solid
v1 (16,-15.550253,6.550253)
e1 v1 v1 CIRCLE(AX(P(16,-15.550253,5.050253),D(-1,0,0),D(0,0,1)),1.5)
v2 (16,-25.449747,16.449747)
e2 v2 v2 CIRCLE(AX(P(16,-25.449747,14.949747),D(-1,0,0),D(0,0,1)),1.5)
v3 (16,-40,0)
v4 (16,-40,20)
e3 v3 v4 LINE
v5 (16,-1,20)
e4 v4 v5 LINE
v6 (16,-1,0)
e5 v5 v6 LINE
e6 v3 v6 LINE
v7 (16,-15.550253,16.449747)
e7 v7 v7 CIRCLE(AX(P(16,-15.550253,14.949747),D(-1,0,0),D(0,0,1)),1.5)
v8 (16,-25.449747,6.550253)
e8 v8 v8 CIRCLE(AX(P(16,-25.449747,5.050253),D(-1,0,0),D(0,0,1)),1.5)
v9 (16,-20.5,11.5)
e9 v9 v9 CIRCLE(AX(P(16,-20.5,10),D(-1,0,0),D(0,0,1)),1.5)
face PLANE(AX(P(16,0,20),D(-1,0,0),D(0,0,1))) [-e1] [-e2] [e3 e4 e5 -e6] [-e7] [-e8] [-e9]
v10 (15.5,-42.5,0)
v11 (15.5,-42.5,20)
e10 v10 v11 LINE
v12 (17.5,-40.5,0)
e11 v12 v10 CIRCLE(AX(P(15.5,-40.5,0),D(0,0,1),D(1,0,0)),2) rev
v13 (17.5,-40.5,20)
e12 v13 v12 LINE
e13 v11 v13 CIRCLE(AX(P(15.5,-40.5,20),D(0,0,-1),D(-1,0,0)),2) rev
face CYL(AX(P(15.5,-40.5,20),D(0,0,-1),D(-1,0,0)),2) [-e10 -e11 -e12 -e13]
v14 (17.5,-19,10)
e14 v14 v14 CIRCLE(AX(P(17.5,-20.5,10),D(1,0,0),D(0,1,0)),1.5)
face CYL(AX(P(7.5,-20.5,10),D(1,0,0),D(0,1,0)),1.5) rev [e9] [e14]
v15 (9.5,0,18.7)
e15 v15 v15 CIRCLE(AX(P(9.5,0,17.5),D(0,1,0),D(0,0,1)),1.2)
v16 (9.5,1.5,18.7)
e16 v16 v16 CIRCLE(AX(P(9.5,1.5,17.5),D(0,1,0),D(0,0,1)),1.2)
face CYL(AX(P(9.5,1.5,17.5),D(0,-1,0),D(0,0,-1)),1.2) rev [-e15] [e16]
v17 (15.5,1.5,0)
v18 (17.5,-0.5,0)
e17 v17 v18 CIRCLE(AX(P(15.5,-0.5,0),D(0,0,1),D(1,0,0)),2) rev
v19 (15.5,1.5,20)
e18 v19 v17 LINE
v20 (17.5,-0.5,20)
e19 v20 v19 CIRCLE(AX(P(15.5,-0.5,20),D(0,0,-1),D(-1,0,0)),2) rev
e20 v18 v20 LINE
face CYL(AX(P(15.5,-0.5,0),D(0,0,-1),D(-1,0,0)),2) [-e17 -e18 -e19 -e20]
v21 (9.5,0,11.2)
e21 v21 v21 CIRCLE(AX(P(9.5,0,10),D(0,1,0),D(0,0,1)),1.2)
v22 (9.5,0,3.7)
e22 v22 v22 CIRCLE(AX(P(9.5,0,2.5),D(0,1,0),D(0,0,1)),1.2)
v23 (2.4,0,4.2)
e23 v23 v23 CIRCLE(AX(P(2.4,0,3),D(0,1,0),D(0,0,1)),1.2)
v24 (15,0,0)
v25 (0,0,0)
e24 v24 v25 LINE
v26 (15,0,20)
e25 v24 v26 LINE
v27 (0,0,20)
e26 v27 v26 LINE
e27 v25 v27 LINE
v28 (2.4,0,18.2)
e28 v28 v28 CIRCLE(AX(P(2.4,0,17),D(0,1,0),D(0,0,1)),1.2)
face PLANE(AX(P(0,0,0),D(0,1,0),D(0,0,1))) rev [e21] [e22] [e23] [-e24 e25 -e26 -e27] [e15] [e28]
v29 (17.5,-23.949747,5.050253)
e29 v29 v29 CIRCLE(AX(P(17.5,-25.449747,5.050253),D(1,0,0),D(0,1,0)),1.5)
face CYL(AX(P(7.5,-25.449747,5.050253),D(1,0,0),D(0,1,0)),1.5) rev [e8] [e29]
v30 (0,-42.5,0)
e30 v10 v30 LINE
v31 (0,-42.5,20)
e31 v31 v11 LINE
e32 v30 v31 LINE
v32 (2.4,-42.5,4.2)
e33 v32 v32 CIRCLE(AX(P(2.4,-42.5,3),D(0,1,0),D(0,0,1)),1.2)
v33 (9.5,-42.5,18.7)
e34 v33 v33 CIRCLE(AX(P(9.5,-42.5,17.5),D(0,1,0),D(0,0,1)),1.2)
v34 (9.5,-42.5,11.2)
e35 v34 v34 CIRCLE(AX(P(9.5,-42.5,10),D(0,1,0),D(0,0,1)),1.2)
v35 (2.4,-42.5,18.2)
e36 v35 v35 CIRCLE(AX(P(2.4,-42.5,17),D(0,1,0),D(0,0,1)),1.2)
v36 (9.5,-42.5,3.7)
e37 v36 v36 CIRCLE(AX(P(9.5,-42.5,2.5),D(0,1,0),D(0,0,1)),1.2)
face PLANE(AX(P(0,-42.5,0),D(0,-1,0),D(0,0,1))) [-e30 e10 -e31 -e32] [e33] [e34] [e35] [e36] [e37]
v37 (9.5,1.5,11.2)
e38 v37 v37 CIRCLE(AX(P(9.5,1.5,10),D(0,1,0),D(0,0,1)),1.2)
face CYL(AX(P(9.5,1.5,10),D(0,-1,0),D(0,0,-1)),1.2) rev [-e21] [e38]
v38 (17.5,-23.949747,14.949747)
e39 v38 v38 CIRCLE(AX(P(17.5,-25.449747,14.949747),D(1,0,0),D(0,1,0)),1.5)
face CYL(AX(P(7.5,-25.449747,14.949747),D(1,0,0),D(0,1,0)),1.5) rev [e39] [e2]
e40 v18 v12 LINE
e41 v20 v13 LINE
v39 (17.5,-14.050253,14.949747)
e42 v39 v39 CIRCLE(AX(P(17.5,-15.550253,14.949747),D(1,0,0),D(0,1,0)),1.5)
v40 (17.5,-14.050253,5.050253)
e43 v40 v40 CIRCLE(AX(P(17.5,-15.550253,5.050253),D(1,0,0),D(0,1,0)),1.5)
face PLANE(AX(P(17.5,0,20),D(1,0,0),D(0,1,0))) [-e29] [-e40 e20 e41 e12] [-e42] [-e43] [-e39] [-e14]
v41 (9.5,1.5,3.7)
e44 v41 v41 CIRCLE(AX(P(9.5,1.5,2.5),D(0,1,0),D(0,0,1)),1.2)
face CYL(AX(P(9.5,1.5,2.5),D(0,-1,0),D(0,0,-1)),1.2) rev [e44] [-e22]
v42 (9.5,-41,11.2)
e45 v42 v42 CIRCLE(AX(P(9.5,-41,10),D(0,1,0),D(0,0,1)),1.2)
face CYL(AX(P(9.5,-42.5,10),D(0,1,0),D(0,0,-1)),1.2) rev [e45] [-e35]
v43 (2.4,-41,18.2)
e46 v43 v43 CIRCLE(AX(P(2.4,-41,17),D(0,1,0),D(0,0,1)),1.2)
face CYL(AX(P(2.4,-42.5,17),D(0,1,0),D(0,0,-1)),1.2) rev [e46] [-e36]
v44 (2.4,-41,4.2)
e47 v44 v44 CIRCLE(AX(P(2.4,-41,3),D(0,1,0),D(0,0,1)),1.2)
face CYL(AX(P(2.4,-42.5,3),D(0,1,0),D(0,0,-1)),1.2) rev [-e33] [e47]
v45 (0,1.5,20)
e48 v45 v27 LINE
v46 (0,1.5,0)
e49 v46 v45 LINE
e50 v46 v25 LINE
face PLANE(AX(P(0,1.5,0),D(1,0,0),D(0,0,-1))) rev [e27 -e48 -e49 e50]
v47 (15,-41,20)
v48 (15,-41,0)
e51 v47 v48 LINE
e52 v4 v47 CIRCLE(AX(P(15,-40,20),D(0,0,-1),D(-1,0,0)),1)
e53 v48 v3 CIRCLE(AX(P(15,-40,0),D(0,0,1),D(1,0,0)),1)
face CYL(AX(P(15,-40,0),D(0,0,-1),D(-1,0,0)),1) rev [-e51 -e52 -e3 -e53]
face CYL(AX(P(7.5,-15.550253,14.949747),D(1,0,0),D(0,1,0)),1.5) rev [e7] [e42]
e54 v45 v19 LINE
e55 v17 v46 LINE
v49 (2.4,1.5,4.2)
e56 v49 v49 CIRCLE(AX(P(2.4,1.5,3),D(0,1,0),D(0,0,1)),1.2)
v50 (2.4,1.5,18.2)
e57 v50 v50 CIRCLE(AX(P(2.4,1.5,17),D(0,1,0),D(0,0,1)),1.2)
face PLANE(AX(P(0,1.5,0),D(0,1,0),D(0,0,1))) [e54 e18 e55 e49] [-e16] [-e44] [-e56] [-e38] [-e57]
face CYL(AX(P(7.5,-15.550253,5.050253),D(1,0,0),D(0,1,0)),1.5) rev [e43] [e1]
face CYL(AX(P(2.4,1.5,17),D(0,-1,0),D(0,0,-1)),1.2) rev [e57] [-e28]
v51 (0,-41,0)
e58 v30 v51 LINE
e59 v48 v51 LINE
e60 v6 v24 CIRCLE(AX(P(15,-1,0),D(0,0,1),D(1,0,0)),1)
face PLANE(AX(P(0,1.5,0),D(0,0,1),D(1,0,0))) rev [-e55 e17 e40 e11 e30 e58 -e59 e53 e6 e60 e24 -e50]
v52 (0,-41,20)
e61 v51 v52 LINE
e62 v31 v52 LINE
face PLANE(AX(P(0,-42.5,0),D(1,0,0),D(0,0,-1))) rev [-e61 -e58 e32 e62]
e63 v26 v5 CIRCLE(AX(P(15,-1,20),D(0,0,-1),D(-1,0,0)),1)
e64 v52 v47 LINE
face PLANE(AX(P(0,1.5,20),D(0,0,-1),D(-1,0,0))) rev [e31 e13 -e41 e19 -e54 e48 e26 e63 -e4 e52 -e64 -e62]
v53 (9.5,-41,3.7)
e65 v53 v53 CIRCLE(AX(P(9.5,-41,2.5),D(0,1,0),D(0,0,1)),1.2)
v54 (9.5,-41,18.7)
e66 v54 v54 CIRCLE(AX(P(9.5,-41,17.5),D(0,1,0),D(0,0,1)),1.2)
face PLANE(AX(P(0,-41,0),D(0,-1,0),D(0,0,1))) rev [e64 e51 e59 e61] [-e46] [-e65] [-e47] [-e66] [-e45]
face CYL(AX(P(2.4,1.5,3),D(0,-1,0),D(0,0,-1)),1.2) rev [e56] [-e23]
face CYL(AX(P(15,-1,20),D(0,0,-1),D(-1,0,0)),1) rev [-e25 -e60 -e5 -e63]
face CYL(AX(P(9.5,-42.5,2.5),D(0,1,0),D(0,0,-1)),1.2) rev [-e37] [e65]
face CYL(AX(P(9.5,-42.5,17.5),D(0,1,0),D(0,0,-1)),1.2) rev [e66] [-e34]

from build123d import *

# Parameters (mm, degrees)
SKETCH_1_W          = 12
SKETCH_1_H          = 20
SKETCH_1_R          = 1.2
EXTRUDE_1_DEPTH     = 1.5
EXTRUDE_2_DEPTH     = 20
SKETCH_3_R          = 1.5
CUT_EXTRUDE_1_DEPTH = 10
FILLET_1_R          = 2
FILLET_2_R          = 1


with BuildPart() as part:
    # 草图1 → 凸台-拉伸1 (new body)
    with BuildSketch(Plane(origin=(0, 0, 0), x_dir=(1, 0, 0), z_dir=(0, 1, 0))):
        with Locations((6, -10)):
            Rectangle(SKETCH_1_W, SKETCH_1_H)
        with Locations(Location((2.4, -3, 0), (0, 0, 270))):
            Circle(SKETCH_1_R, mode=Mode.SUBTRACT)
        with Locations(Location((9.5, -2.5, 0), (0, 0, 270))):
            Circle(SKETCH_1_R, mode=Mode.SUBTRACT)
        with Locations(Location((2.4, -17, 0), (0, 0, 270))):
            Circle(SKETCH_1_R, mode=Mode.SUBTRACT)
        with Locations(Location((9.5, -10, 0), (0, 0, 270))):
            Circle(SKETCH_1_R, mode=Mode.SUBTRACT)
        with Locations(Location((9.5, -17.5, 0), (0, 0, 270))):
            Circle(SKETCH_1_R, mode=Mode.SUBTRACT)
    extrude(amount=EXTRUDE_1_DEPTH)

    # 草图2 → 凸台-拉伸2 (add)
    with BuildSketch(Plane(origin=(0, 0, 0), x_dir=(-1, 0, 0), z_dir=(0, 0, -1))):
        Polygon((-16, -20.5), (-16, 0), (-12, 0), (-12, 1.5), (-17.5, 1.5), (-17.5, -20.5), align=None)
    extrude(amount=-EXTRUDE_2_DEPTH)

    # 镜向2: part across plane


with BuildPart() as part_1:
    add(part.part)
    add(part.part.mirror(Plane(origin=(0, -20.5, 20), x_dir=(0, 0, 1), z_dir=(0, -1, 0))))

    # 草图3 → 切除-拉伸1 (cut)
    with BuildSketch(Plane(origin=(17.5, 0, 0), x_dir=(0, 0, -1), z_dir=(1, 0, 0))):
        with Locations(Location((-10, -20.5, 0), (0, 0, 90))):
            Circle(SKETCH_3_R)
        with Locations(Location((-14.949747468, -15.550252532, 0), (0, 0, 90))):
            Circle(SKETCH_3_R)
        with Locations(Location((-5.050252532, -15.550252532, 0), (0, 0, 90))):
            Circle(SKETCH_3_R)
        with Locations(Location((-5.050252532, -25.449747468, 0), (0, 0, 90))):
            Circle(SKETCH_3_R)
        with Locations(Location((-14.949747468, -25.449747468, 0), (0, 0, 90))):
            Circle(SKETCH_3_R)
    extrude(amount=-CUT_EXTRUDE_1_DEPTH, mode=Mode.SUBTRACT)

    # 圆角1
    fillet_1_edges = [part_1.edges().sort_by_distance(p)[0] for p in [
        (17.5, 1.5, 10),
        (17.5, -42.5, 10),
    ]]
    fillet(fillet_1_edges, radius=FILLET_1_R)

    # 圆角2
    fillet_2_edges = [part_1.edges().sort_by_distance(p)[0] for p in [
        (16, 0, 10),
        (16, -41, 10),
    ]]
    fillet(fillet_2_edges, radius=FILLET_2_R)


solid = part_1.part
